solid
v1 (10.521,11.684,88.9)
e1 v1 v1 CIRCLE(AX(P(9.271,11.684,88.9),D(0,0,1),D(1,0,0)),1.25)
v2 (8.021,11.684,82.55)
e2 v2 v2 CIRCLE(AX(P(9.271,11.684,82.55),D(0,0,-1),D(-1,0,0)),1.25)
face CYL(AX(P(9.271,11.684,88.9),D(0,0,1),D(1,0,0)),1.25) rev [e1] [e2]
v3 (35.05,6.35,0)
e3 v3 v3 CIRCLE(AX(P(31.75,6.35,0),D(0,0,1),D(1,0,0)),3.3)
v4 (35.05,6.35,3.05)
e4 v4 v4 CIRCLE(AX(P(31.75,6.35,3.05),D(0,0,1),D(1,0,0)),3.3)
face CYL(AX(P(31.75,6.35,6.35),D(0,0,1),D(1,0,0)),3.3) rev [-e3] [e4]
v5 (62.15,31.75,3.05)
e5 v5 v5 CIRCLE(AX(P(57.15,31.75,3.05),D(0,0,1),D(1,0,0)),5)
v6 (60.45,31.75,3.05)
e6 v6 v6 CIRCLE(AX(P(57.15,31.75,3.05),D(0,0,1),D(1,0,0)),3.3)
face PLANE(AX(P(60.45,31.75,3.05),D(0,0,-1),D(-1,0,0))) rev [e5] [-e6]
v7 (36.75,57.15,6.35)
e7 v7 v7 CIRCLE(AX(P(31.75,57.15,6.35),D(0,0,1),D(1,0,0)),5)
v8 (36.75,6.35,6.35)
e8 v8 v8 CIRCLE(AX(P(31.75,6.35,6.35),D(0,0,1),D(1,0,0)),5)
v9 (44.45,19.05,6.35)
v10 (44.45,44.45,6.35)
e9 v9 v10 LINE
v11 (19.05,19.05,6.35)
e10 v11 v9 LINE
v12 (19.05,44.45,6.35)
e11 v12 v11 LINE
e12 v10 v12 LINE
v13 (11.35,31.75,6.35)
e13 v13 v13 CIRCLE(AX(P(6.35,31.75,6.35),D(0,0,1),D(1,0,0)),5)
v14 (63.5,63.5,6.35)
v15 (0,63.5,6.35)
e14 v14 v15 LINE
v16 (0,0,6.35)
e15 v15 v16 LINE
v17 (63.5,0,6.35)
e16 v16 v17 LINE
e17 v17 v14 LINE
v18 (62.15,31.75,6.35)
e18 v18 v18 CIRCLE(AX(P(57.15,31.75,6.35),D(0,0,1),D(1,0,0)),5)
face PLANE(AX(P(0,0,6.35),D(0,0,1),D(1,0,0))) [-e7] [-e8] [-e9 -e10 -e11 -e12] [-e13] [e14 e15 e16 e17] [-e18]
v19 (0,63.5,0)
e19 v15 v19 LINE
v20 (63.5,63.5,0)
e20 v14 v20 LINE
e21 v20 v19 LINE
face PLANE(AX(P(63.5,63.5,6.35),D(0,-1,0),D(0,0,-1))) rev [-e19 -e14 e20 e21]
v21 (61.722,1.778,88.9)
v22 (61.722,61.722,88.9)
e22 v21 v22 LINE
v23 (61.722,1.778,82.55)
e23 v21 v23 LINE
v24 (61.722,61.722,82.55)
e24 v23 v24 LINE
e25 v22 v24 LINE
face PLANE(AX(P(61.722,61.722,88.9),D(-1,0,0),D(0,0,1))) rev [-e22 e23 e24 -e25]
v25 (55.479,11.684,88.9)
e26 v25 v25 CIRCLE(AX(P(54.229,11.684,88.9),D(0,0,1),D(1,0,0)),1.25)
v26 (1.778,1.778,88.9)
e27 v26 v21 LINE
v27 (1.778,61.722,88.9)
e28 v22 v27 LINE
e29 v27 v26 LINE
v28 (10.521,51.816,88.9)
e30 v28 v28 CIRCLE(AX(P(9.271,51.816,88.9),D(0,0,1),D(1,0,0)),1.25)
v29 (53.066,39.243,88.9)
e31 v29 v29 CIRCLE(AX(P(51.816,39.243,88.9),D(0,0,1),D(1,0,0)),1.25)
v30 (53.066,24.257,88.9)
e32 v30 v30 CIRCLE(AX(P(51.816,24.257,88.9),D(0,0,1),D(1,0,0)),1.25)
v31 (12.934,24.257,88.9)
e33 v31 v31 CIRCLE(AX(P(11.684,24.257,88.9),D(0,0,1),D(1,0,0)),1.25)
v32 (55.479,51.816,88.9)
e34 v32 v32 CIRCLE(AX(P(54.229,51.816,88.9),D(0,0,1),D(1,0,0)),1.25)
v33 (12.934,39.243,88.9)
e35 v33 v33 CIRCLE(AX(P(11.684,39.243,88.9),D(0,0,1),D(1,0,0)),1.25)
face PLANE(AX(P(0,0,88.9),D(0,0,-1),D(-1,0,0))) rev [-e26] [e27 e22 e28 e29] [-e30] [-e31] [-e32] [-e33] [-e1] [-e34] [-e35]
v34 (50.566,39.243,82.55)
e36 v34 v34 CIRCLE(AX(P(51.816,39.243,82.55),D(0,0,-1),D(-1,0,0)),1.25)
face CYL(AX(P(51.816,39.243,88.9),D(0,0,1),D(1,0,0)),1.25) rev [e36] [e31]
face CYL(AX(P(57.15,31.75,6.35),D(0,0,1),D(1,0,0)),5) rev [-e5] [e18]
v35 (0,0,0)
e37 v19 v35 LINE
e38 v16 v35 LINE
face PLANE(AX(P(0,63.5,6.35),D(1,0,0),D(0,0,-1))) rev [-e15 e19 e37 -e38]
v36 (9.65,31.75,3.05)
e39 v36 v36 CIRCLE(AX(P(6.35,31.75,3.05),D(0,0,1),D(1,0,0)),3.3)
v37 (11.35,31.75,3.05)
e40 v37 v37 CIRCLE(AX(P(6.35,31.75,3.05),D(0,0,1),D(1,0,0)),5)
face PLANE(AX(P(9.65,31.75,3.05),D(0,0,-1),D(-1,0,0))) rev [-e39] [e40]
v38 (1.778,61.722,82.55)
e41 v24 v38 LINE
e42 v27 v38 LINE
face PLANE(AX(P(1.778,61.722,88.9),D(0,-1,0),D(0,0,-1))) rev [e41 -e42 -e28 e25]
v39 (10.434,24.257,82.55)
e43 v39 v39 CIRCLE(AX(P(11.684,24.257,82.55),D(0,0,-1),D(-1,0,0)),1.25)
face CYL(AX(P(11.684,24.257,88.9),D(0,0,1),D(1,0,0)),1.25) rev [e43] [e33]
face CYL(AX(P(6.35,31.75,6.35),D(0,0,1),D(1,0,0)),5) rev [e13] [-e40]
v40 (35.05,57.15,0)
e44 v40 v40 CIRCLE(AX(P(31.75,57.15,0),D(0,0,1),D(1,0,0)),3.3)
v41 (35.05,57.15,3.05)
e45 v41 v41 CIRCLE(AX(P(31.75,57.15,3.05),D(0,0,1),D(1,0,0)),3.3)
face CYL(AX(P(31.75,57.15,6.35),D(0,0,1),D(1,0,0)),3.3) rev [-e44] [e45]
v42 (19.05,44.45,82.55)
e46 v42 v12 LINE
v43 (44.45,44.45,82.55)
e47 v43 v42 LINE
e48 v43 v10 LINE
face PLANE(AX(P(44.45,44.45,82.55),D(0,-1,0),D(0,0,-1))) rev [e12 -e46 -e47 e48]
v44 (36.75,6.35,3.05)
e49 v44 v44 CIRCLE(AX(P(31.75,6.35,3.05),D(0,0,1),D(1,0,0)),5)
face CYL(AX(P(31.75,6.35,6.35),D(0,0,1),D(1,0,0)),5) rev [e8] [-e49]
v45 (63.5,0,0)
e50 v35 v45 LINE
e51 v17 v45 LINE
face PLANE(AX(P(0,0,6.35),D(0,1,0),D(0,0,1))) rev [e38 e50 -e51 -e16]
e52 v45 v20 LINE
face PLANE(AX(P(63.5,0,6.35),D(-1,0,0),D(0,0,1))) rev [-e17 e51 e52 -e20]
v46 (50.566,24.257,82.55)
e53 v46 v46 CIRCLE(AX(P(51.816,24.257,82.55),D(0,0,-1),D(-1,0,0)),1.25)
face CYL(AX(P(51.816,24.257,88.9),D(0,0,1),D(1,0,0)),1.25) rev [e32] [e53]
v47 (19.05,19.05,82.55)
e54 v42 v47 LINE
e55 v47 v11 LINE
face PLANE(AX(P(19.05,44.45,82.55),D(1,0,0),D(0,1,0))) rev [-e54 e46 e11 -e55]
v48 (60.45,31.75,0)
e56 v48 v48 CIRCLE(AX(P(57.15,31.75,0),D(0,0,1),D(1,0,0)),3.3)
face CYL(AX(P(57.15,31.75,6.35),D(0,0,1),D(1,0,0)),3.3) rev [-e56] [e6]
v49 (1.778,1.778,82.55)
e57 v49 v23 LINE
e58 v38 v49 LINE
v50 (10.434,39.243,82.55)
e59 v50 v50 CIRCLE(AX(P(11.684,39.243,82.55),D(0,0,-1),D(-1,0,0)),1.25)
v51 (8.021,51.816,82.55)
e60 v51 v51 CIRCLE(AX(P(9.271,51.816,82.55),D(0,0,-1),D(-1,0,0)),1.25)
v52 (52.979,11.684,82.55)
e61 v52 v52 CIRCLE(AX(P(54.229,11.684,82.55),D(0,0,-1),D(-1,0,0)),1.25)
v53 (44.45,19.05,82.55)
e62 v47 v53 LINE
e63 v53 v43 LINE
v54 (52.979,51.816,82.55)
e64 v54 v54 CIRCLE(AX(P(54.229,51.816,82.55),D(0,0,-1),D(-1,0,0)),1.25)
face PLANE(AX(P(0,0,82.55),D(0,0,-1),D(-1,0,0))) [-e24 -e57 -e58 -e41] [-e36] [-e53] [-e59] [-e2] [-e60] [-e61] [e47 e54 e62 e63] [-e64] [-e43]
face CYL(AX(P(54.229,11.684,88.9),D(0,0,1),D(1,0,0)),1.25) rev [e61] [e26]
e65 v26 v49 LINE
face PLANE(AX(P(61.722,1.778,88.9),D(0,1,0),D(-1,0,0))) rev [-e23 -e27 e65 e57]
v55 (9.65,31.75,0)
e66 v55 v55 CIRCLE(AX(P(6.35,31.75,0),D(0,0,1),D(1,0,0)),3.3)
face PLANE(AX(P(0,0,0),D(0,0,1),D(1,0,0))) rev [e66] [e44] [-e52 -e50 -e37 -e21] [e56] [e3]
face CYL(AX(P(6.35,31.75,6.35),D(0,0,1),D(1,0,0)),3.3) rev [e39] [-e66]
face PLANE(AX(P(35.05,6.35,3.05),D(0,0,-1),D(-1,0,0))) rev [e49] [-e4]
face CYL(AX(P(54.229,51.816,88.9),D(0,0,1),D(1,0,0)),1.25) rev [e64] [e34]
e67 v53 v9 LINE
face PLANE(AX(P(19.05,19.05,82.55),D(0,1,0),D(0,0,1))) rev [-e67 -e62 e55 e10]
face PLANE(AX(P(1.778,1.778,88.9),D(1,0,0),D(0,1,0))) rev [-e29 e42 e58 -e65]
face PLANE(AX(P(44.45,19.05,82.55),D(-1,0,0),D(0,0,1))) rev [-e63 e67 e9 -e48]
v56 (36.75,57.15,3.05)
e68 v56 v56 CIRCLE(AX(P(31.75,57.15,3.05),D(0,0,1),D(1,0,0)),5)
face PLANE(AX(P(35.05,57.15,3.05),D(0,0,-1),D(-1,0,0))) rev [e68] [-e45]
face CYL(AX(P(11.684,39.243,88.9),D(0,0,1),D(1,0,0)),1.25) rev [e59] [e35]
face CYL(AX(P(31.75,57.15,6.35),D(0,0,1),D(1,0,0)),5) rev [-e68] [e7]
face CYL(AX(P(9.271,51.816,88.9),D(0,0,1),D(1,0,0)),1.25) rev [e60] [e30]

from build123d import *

# Parameters (mm, degrees)
SKETCH2_W                       = 63.5
SKETCH2_H                       = 63.5
BOSS_EXTRUDE2_DEPTH             = 6.35
SKETCH3_W                       = 25.4
SKETCH3_H                       = 25.4
BOSS_EXTRUDE3_DEPTH             = 76.2
SKETCH14_W                      = 59.944
SKETCH14_H                      = 59.944
BOSS_EXTRUDE6_DEPTH             = 6.35
CBORE_FOR_M6_SBHCS2_D           = 6.6
CBORE_FOR_M6_SBHCS2_DEPTH       = 7.62
CBORE_FOR_M6_SBHCS2_CBORE_D     = 10
CBORE_FOR_M6_SBHCS2_CBORE_DEPTH = 3.3
CBORE_FOR_M6_SBHCS2_TIP         = 1.982840043
TAP_DRILL_FOR_M3X0_5_TAP2_D     = 2.5
TAP_DRILL_FOR_M3X0_5_TAP2_DEPTH = 7.62
TAP_DRILL_FOR_M3X0_5_TAP2_TIP   = 0.751075774


with BuildPart() as part:
    # Sketch2 → Boss-Extrude2 (new body)
    with BuildSketch(Plane.XY):
        with Locations((31.75, 31.75)):
            Rectangle(SKETCH2_W, SKETCH2_H)
    extrude(amount=BOSS_EXTRUDE2_DEPTH)

    # Sketch3 → Boss-Extrude3 (add)
    with BuildSketch(Plane.XY.offset(6.35)):
        with Locations((31.75, 31.75)):
            Rectangle(SKETCH3_W, SKETCH3_H)
    extrude(amount=BOSS_EXTRUDE3_DEPTH)

    # Sketch14 → Boss-Extrude6 (add)
    with BuildSketch(Plane.XY.offset(82.55)):
        with Locations((31.75, 31.75)):
            Rectangle(SKETCH14_W, SKETCH14_H)
    extrude(amount=BOSS_EXTRUDE6_DEPTH)

    # CBORE for M6 SBHCS2
    with Locations(Plane.XY.offset(6.35)):
        with Locations((57.15, 31.75), (31.75, 6.35), (31.75, 57.15), (6.35, 31.75)):
            CounterBoreHole(CBORE_FOR_M6_SBHCS2_D / 2, CBORE_FOR_M6_SBHCS2_CBORE_D / 2, CBORE_FOR_M6_SBHCS2_CBORE_DEPTH, depth=CBORE_FOR_M6_SBHCS2_DEPTH)
            with Locations((0, 0, -(CBORE_FOR_M6_SBHCS2_DEPTH + CBORE_FOR_M6_SBHCS2_TIP / 2))):  # 118° drill point
                Cone(0, CBORE_FOR_M6_SBHCS2_D / 2, CBORE_FOR_M6_SBHCS2_TIP, mode=Mode.SUBTRACT)

    # Tap Drill for M3x0.5 Tap2
    with Locations(Plane.XY.offset(88.9)):
        with Locations((9.271, 51.816), (9.271, 11.684), (54.229, 11.684), (54.229, 51.816), (11.684, 39.243), (11.684, 24.257), (51.816, 39.243), (51.816, 24.257)):
            Hole(TAP_DRILL_FOR_M3X0_5_TAP2_D / 2, depth=TAP_DRILL_FOR_M3X0_5_TAP2_DEPTH)
            with Locations((0, 0, -(TAP_DRILL_FOR_M3X0_5_TAP2_DEPTH + TAP_DRILL_FOR_M3X0_5_TAP2_TIP / 2))):  # 118° drill point
                Cone(0, TAP_DRILL_FOR_M3X0_5_TAP2_D / 2, TAP_DRILL_FOR_M3X0_5_TAP2_TIP, mode=Mode.SUBTRACT)


solid = part.part
